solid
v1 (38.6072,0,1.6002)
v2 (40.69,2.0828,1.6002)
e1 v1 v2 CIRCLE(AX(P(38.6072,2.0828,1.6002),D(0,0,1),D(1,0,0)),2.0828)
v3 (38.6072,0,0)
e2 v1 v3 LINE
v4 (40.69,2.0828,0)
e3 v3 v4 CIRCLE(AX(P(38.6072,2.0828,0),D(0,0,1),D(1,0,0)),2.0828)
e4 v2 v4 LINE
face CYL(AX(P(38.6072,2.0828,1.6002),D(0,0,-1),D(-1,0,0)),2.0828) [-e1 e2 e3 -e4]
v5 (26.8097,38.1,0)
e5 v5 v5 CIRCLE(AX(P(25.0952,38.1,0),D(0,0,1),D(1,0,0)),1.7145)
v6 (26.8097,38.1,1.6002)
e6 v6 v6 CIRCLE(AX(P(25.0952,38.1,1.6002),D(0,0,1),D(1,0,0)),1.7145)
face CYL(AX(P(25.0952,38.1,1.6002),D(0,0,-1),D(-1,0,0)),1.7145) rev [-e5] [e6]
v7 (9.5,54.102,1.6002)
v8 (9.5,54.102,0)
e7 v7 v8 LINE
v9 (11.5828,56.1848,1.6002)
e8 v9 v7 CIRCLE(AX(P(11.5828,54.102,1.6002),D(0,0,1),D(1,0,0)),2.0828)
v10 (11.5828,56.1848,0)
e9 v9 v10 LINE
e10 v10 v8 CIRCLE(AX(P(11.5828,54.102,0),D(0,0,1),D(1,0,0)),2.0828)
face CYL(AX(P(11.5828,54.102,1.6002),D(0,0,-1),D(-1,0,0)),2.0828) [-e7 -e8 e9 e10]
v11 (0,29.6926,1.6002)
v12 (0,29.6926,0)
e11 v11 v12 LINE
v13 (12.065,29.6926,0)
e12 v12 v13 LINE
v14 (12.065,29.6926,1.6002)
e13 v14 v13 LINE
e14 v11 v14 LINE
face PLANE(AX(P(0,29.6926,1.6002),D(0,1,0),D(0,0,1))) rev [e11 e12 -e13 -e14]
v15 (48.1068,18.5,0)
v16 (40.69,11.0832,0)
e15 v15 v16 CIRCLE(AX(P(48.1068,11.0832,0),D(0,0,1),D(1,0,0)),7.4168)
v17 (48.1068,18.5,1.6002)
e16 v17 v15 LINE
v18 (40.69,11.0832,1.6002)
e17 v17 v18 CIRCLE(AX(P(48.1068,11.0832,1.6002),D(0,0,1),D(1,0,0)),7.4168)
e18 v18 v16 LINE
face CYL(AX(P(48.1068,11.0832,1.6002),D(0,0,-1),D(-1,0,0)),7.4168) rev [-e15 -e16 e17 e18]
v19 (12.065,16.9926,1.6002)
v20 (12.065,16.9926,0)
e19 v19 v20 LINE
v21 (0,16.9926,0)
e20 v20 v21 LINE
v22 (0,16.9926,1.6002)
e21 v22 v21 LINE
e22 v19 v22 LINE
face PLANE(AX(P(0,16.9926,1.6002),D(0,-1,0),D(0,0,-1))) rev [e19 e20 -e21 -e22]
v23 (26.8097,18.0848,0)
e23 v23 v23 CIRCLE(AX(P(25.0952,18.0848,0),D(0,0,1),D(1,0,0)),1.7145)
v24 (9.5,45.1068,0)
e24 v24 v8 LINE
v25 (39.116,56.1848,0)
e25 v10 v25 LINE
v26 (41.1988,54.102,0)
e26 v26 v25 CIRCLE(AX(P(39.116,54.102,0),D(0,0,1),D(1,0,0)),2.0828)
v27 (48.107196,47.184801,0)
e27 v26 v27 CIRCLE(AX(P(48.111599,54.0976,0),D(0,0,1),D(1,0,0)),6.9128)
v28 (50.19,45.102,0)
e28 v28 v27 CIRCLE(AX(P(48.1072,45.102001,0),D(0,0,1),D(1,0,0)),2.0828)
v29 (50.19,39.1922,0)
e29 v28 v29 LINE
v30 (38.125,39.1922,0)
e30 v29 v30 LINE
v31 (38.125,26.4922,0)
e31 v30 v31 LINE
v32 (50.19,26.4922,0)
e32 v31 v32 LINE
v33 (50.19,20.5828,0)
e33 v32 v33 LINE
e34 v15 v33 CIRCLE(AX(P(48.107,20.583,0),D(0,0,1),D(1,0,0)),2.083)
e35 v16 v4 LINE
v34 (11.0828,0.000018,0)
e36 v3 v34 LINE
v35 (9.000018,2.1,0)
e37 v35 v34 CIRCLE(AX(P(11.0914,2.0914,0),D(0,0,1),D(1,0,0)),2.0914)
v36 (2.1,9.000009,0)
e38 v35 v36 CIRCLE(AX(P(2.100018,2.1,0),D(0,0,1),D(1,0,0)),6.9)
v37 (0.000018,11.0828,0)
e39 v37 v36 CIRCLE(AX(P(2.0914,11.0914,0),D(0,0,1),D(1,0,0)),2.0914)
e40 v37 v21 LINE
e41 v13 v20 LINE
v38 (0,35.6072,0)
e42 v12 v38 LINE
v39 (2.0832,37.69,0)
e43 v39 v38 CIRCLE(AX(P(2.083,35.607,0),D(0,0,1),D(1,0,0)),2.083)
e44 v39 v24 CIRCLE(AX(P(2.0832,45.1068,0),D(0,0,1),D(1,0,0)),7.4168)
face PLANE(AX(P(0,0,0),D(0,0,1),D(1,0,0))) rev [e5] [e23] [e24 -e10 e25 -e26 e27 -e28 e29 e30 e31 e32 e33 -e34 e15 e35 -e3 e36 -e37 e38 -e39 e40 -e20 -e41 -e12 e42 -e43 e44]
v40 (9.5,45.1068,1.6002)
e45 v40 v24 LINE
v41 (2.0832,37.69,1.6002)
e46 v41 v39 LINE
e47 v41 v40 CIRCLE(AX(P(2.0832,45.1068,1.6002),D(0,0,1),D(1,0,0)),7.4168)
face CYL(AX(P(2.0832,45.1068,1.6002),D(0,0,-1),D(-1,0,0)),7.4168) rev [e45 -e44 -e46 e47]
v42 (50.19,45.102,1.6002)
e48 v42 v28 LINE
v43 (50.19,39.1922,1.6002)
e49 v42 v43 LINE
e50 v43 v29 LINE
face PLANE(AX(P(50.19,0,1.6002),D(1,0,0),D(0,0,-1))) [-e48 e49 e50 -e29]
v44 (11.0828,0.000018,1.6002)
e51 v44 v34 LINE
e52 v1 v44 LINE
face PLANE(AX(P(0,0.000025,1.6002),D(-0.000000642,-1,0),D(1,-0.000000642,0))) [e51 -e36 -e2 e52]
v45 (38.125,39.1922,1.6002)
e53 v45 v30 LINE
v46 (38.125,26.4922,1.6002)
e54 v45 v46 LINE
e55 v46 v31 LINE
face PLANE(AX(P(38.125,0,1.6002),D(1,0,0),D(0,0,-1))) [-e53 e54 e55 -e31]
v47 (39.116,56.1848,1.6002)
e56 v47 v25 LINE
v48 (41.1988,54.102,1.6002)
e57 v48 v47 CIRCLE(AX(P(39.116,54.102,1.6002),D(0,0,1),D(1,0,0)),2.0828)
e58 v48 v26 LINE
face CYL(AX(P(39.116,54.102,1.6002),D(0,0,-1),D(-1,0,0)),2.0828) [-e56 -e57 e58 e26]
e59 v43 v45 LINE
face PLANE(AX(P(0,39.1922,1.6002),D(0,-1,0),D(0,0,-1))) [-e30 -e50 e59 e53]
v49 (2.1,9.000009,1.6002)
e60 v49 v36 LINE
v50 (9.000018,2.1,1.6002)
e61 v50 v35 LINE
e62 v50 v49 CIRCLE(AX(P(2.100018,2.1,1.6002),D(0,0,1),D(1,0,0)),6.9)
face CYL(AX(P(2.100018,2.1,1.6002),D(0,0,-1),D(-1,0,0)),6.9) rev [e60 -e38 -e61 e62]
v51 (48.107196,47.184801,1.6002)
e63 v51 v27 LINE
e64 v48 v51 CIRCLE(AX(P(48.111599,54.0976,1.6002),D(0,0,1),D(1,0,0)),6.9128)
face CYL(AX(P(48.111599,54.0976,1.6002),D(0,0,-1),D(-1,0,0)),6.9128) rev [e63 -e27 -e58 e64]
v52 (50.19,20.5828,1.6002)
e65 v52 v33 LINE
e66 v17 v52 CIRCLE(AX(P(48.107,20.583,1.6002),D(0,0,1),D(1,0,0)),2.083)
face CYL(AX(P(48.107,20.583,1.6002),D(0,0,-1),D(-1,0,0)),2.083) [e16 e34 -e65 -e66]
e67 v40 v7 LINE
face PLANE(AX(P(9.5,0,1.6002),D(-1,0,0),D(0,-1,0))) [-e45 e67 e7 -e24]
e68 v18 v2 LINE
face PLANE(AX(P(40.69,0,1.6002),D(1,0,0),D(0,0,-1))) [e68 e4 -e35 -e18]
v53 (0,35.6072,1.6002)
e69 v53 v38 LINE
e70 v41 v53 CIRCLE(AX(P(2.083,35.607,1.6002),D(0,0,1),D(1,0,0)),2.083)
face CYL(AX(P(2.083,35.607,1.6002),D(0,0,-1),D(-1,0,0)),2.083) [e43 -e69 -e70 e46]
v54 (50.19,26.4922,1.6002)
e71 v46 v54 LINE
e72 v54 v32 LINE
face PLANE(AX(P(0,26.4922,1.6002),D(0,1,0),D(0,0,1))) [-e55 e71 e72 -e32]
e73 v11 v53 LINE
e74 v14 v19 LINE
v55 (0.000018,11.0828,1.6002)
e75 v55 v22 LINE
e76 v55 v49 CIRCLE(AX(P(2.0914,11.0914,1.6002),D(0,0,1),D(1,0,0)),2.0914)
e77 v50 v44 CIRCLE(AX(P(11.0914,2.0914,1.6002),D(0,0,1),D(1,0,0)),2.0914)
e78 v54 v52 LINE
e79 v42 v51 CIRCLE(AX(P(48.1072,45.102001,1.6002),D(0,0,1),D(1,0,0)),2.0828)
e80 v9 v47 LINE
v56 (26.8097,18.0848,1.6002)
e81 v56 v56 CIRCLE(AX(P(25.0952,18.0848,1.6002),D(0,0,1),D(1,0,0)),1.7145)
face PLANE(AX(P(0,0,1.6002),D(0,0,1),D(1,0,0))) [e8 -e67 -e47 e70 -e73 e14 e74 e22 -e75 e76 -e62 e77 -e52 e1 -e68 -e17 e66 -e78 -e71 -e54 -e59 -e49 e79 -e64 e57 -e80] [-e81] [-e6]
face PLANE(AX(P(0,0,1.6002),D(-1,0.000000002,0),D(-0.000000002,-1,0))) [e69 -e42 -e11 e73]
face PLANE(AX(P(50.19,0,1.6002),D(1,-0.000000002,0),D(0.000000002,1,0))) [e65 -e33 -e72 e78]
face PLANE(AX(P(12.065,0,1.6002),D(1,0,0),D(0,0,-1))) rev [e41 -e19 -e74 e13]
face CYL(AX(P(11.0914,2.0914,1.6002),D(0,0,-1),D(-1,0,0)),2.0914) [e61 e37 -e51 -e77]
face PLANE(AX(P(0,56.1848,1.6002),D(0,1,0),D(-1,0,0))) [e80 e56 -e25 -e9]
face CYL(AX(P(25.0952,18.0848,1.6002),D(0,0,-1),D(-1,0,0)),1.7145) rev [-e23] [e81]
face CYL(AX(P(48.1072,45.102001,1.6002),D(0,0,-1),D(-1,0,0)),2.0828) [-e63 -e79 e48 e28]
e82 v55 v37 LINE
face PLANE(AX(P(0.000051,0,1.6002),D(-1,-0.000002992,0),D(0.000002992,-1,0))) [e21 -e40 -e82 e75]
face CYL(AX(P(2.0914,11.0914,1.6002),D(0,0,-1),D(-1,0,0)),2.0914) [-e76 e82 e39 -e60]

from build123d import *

# Parameters (mm, degrees)
SKETCH2_R           = 1.7145
BOSS_EXTRUDE1_DEPTH = 1.6002


with BuildPart() as part:
    # Sketch2 → Boss-Extrude1 (new body)
    with BuildSketch(Plane.XY):
        with BuildLine():
            Line((38.6072, 0), (11.082800196, 1.7681e-05))
            ThreePointArc((11.082800196, 1.7681e-05), (9.606488401, 0.61865036), (9.000017681, 2.099999804))
            ThreePointArc((9.000017681, 2.099999804), (6.97904829, 6.979042972), (2.099999804, 9.000017681))
            ThreePointArc((2.099999804, 9.000017681), (0.61865036, 9.606488401), (1.7681e-05, 11.082800196))
            Line((1.7681e-05, 11.082800196), (0, 16.9926))
            Line((0, 16.9926), (12.065, 16.9926))
            Line((12.065, 16.9926), (12.065, 29.6926))
            Line((12.065, 29.6926), (0, 29.6926))
            Line((0, 29.6926), (1e-08, 35.607199954))
            ThreePointArc((1e-08, 35.607199954), (0.61023797, 37.080044807), (2.083199954, 37.68999999))
            ThreePointArc((2.083199954, 37.68999999), (7.327669562, 39.862330403), (9.5, 45.1068))
            Line((9.5, 45.1068), (9.5, 54.102))
            ThreePointArc((9.5, 54.102), (10.110037996, 55.574762004), (11.5828, 56.1848))
            Line((11.5828, 56.1848), (39.116, 56.1848))
            ThreePointArc((39.116, 56.1848), (40.588762004, 55.574762004), (41.1988, 54.102))
            ThreePointArc((41.1988, 54.102), (43.220399728, 49.21262534), (48.107196234, 47.184801403))
            ThreePointArc((48.107196234, 47.184801403), (49.579961168, 46.574764242), (50.19, 45.102))
            Line((50.19, 45.102), (50.19, 39.1922))
            Line((50.19, 39.1922), (38.125, 39.1922))
            Line((38.125, 39.1922), (38.125, 26.4922))
            Line((38.125, 26.4922), (50.19, 26.4922))
            Line((50.19, 26.4922), (50.18999999, 20.582800046))
            ThreePointArc((50.18999999, 20.582800046), (49.57976203, 19.109955193), (48.106800046, 18.50000001))
            ThreePointArc((48.106800046, 18.50000001), (42.862330438, 16.327669597), (40.69, 11.0832))
            Line((40.69, 11.0832), (40.69, 2.0828))
            ThreePointArc((40.69, 2.0828), (40.079962004, 0.610037996), (38.6072, 0))
        make_face()
        with Locations((25.0952, 38.1)):
            Circle(SKETCH2_R, mode=Mode.SUBTRACT)
        with Locations((25.0952, 18.0848)):
            Circle(SKETCH2_R, mode=Mode.SUBTRACT)
    extrude(amount=BOSS_EXTRUDE1_DEPTH)


solid = part.part
